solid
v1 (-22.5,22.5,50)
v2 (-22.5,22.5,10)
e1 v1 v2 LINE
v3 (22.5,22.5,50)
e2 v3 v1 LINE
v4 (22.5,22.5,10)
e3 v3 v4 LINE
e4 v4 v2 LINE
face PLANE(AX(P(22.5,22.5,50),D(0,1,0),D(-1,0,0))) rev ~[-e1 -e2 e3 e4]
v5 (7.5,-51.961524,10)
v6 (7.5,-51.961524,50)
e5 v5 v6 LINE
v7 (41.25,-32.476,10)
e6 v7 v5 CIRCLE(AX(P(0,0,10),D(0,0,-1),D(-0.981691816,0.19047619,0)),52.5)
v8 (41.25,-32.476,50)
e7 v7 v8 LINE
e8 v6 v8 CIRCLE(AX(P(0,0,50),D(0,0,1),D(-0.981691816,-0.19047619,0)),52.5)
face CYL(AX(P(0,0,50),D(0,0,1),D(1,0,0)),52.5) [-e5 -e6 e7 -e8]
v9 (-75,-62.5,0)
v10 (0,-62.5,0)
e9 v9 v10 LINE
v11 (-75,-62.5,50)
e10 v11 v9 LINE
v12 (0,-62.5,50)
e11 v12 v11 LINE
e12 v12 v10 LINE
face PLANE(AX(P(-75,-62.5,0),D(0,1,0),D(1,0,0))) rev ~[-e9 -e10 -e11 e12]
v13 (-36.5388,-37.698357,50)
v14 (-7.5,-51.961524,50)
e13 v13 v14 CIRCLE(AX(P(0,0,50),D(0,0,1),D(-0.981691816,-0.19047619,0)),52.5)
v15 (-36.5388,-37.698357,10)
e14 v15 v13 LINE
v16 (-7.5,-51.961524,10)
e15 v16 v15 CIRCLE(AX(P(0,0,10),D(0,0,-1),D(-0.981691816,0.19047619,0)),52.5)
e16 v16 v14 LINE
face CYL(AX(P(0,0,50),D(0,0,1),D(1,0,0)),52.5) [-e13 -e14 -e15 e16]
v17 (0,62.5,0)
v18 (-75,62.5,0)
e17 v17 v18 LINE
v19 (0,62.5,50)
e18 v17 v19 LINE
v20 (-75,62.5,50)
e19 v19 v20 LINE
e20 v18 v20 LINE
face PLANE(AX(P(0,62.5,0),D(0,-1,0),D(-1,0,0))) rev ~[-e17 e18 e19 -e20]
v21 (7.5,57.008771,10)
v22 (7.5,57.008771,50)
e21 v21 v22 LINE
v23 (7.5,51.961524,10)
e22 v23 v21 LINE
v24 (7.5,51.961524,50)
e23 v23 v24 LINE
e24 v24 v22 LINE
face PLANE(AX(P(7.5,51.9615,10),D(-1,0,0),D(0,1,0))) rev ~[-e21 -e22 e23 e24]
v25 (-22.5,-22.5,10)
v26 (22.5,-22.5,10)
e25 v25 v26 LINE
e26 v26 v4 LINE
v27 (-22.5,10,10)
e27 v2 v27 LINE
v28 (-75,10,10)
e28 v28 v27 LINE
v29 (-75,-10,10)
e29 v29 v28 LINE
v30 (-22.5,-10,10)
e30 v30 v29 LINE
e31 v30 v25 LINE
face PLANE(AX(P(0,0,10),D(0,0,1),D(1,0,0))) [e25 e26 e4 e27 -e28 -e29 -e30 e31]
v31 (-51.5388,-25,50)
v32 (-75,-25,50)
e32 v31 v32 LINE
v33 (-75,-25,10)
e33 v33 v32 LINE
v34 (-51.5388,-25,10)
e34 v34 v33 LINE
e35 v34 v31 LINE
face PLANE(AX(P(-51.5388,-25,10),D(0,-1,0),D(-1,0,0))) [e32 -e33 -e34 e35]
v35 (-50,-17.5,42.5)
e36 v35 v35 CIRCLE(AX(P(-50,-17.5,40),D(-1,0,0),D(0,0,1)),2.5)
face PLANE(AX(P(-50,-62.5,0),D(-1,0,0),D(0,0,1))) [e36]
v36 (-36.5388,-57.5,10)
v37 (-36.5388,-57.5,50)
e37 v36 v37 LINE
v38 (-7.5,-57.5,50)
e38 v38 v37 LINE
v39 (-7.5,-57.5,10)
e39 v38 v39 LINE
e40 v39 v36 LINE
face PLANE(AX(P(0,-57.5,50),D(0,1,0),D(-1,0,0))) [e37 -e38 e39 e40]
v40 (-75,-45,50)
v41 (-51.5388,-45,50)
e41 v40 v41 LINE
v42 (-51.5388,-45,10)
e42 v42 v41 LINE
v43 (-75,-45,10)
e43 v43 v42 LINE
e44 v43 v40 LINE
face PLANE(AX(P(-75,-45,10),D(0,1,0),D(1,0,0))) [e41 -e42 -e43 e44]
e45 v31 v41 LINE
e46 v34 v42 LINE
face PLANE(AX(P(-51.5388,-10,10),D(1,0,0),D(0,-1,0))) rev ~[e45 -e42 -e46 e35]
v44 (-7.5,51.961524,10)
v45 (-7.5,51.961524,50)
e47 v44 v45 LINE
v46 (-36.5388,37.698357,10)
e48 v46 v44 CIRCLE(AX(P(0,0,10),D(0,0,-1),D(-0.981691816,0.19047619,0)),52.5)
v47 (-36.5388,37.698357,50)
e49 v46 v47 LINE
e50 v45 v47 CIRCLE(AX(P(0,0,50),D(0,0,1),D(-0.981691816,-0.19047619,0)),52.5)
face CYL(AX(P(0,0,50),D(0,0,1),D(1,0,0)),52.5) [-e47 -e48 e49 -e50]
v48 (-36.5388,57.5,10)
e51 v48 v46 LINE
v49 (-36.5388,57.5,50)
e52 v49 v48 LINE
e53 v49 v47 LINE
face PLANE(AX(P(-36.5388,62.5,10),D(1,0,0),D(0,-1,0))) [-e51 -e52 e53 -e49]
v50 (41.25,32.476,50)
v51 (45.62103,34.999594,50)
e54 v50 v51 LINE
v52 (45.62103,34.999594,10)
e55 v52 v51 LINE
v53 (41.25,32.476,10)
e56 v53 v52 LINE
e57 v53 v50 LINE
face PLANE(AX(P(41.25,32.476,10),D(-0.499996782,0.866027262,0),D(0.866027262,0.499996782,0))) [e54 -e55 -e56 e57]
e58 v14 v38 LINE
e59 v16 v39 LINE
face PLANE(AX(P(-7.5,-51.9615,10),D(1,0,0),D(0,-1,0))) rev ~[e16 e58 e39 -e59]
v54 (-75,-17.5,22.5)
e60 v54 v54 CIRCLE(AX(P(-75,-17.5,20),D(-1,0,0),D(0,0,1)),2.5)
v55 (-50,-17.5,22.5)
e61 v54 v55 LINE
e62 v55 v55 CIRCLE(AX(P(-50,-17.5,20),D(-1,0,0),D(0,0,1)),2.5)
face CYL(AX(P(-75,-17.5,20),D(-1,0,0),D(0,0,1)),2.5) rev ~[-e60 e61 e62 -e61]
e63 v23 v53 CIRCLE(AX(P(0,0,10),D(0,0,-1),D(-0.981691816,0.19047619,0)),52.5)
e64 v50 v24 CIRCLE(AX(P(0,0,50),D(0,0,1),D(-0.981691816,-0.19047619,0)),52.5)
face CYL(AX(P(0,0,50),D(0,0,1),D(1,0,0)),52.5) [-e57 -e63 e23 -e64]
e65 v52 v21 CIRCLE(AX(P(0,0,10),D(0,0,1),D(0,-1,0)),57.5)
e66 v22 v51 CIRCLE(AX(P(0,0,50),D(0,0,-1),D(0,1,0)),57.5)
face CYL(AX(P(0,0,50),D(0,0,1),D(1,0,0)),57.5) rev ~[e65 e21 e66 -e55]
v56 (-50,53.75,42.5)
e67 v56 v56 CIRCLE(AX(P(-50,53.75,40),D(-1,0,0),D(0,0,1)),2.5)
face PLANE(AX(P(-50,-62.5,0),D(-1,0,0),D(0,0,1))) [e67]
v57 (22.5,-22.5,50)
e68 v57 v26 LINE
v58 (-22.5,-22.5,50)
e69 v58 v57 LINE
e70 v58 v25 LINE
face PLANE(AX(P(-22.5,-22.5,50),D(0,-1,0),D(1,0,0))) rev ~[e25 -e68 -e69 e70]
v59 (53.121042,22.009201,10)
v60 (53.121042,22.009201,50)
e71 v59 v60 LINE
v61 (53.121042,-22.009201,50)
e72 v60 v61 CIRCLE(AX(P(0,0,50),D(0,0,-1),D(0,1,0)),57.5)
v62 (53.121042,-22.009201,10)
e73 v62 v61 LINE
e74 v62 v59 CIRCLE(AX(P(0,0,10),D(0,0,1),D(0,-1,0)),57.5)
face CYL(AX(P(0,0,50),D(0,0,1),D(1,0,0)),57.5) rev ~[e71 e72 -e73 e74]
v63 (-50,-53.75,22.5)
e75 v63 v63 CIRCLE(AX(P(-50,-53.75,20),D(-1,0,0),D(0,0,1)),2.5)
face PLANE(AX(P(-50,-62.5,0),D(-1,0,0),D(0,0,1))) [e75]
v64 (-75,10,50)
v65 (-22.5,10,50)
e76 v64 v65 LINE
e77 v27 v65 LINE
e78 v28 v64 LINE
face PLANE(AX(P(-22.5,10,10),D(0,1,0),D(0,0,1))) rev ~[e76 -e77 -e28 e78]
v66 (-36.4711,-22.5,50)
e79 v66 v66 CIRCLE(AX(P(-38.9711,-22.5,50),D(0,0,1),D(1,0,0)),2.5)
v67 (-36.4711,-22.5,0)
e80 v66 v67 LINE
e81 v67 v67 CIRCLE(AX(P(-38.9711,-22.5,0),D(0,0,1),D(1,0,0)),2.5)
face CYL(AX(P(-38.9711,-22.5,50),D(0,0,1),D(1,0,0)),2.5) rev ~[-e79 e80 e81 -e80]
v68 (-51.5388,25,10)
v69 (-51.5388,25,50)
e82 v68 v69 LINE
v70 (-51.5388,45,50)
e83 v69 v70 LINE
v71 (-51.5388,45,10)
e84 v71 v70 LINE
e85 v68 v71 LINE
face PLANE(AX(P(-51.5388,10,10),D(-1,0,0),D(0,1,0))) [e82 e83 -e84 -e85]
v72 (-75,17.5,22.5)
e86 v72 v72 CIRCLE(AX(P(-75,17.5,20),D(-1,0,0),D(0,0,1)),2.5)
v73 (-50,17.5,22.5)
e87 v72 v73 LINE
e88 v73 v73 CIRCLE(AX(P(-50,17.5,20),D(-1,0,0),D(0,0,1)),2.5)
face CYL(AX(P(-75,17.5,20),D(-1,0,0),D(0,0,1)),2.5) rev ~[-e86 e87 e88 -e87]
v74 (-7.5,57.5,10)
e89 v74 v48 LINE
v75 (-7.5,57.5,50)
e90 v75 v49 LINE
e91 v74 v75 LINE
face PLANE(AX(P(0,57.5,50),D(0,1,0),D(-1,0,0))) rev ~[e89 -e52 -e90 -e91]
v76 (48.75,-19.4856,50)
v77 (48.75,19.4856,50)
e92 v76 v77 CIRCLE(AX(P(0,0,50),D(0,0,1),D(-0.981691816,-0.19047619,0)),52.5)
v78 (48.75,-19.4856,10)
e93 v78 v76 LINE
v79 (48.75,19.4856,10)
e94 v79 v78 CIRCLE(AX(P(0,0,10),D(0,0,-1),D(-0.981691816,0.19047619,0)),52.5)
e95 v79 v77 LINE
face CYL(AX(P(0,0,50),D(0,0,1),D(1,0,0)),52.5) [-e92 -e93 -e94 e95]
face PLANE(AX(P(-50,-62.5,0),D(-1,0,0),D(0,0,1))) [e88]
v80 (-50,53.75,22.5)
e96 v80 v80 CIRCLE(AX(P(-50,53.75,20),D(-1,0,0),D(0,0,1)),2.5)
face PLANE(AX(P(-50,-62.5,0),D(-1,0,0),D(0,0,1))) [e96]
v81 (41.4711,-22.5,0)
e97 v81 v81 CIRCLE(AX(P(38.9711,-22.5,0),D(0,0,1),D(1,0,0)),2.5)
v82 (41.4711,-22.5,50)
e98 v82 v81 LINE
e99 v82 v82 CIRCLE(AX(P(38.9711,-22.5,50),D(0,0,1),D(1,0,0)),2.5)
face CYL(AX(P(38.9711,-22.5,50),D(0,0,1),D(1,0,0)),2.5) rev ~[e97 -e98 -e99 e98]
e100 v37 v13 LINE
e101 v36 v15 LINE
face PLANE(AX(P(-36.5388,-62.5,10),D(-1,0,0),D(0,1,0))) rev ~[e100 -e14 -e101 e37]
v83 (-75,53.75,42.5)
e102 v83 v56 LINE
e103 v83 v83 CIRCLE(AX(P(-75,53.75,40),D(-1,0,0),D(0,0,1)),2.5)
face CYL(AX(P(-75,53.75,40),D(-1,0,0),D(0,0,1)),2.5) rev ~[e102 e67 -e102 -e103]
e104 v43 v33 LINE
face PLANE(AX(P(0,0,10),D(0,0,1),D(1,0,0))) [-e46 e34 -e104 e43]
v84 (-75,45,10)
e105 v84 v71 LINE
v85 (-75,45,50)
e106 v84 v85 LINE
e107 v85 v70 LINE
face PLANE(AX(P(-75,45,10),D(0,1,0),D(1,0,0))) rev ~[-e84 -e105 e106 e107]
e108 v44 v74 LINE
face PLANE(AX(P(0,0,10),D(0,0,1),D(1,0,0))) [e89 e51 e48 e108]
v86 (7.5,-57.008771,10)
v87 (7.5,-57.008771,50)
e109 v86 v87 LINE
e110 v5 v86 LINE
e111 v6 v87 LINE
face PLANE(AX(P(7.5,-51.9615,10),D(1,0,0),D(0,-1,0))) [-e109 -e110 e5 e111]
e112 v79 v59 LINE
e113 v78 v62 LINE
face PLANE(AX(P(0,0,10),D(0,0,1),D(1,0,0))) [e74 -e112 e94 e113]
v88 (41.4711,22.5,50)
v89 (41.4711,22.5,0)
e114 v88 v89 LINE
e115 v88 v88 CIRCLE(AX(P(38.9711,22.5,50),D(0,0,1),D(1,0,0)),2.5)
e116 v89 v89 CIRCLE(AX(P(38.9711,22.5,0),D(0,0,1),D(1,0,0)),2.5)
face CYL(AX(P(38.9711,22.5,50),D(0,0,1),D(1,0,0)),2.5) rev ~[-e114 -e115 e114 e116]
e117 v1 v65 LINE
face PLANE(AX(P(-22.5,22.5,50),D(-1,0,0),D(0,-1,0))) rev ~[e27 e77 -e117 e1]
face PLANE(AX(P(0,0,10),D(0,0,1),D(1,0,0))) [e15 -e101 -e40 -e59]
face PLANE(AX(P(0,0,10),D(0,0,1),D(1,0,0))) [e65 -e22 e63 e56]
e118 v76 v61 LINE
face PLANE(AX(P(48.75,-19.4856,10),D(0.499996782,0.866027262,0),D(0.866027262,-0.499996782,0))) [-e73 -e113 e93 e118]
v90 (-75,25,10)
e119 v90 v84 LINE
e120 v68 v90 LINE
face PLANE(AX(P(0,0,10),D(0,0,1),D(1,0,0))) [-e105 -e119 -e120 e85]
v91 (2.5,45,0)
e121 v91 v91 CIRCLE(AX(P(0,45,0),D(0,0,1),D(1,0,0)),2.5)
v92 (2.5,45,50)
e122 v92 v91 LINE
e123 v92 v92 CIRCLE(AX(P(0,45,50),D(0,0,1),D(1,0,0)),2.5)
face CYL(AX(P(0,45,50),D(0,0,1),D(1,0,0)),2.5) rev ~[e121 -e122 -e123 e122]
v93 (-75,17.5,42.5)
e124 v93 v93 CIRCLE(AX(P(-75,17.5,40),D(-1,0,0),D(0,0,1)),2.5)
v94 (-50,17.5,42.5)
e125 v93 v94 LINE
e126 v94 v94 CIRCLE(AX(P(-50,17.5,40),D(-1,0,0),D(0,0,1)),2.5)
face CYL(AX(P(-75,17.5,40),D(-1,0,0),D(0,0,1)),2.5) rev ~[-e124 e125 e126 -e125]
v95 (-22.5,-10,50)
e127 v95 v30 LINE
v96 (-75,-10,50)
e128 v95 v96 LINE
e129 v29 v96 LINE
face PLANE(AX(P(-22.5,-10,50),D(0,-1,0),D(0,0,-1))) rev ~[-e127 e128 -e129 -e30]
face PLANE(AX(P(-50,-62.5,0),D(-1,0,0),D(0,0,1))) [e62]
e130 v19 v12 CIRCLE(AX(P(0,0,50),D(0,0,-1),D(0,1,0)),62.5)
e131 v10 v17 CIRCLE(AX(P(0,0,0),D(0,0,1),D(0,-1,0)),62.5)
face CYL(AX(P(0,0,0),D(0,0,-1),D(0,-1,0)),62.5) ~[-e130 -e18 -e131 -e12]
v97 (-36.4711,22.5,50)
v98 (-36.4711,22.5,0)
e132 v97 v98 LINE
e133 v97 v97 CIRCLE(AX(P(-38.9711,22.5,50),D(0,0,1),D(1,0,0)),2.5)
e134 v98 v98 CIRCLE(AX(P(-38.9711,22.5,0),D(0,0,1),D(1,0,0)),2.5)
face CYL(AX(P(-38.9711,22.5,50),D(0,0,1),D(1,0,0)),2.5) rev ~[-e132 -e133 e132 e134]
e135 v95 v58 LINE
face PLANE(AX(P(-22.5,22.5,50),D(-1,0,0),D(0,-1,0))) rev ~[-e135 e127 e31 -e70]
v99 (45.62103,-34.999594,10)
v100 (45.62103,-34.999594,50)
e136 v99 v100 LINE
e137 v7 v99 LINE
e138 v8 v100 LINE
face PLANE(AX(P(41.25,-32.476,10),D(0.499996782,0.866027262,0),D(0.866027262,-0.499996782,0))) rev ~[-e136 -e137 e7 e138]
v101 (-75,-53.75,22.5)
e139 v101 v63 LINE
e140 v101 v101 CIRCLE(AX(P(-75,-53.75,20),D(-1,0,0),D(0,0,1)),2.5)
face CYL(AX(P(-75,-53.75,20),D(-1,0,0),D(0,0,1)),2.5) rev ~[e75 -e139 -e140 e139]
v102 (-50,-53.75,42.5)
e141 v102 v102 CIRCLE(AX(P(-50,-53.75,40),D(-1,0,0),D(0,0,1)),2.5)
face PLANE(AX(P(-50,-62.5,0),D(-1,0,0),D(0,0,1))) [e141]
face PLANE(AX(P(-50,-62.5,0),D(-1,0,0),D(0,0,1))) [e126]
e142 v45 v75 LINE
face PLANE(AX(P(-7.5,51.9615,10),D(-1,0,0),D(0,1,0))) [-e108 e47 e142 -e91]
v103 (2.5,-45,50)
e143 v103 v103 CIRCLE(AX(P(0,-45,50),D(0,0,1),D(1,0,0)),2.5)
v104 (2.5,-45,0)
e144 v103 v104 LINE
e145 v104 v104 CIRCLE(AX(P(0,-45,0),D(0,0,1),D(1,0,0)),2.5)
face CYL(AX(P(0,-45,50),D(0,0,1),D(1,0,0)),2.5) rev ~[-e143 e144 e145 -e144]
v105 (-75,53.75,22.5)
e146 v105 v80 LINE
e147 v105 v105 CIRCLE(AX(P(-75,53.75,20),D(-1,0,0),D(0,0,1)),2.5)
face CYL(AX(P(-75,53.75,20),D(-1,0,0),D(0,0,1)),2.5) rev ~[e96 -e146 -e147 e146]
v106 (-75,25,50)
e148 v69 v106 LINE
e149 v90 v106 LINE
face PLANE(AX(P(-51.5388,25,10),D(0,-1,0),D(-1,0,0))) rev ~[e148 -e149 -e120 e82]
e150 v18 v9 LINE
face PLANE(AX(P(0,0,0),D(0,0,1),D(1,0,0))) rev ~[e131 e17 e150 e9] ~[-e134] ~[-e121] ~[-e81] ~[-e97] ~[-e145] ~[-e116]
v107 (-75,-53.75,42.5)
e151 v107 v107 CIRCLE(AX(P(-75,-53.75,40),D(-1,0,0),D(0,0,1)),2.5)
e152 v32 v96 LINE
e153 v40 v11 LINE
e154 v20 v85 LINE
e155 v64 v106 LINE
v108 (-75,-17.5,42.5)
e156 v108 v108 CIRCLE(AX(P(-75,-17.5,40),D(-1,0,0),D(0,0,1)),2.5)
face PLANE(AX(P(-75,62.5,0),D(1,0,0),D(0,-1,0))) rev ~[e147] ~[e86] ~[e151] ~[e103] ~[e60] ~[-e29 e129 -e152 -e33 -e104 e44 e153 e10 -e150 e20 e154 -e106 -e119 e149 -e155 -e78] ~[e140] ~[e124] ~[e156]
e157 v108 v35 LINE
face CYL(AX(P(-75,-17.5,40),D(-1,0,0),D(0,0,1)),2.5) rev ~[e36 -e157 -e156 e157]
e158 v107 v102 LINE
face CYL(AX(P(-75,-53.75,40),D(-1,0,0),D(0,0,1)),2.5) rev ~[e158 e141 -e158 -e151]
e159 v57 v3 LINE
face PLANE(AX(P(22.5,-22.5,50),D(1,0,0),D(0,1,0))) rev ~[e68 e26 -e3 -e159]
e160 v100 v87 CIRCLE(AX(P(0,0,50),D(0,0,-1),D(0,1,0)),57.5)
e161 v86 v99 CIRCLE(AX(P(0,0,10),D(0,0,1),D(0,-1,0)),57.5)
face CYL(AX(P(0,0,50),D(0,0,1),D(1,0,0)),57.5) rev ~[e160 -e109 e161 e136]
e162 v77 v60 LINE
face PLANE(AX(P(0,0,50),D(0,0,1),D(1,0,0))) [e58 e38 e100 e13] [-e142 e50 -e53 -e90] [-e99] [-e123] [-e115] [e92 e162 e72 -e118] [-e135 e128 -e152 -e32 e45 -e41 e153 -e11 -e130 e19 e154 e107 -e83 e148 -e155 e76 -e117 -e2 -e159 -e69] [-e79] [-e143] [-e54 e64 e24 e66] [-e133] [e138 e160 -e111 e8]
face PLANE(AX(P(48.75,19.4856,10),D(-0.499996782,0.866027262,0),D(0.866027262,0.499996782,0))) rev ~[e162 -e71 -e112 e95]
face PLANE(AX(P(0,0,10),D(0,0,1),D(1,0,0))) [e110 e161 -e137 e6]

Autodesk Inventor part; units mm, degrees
ref_plane "YZ Plane" through (0, 0, 0) normal (1, 0, 0) x (0, 1, 0)
ref_plane "XZ Plane" through (0, 0, 0) normal (0, 1, 0) x (-1, 0, 0)
ref_plane "XY Plane" through (0, 0, 0) normal (0, 0, 1) x (1, 0, 0)
sketch "Sketch1" plane through (0, 0, 0) normal (0, 0, 1) x (1, 0, 0)
  circle A0 centre (0, 0) radius 62.5 construction
  line L0 (0, 62.5) -> (-75, 62.5)
  line L1 (-75, 62.5) -> (-75, -62.5)
  line L2 (-75, -62.5) -> (0, -62.5)
  arc A1 (0, -62.5) -> (0, 62.5) centre (0, 0) ccw
  dimension "d0" = 125
  dimension "d1" = 75
  dimension "d2" = 75
extrude "Extrusion1" add sketch "Sketch1" along normal blind 50
sketch "Sketch6" plane through (0, 0, 50) normal (0, 0, 1) x (1, 0, 0)
  line L0 (-22.5, -22.5) -> (22.5, -22.5)
  line L1 (22.5, -22.5) -> (22.5, 22.5)
  line L2 (22.5, 22.5) -> (-22.5, 22.5)
  line L3 (-22.5, 22.5) -> (-22.5, -22.5)
  line L4 (-22.5, -22.5) -> (22.5, 22.5) construction
  line L5 (22.5, -22.5) -> (-22.5, 22.5) construction
  point P0 (0, 0)
  dimension "d23" = 45
  dimension "d24" = 45
extrude "Extrusion6" cut sketch "Sketch6" against normal blind 40
sketch "Sketch7" plane through (-22.5, -22.5, 50) normal (1, 0, 0) x (0, 0, -1)
  line L0 (40, 32.5) -> (0, 32.5)
  line L1 (0, 32.5) -> (0, 12.5)
  line L2 (0, 12.5) -> (40, 12.5)
  line L3 (40, 12.5) -> (40, 32.5)
  point P0 (50, 22.5)
  point P1 (40, 22.5)
  dimension "d27" = 40
  dimension "d28" = 20
  dimension "d29" = 10
extrude "Extrusion7" cut sketch "Sketch7" against normal through all
sketch "Sketch9" plane through (0, 0, 50) normal (0, 0, 1) x (1, 0, 0)
  circle A0 centre (0, 45) radius 2.5
  circle A1 centre (-38.9711, 22.5) radius 2.5
  circle A2 centre (-38.9711, -22.5) radius 2.5
  circle A3 centre (0, -45) radius 2.5
  circle A4 centre (38.9711, -22.5) radius 2.5
  circle A5 centre (38.9711, 22.5) radius 2.5
  point P0 (0, 0)
  dimension "d35" = 5
  dimension "d36" = 45
  dimension "d39" = 360
extrude "Extrusion9" cut sketch "Sketch9" against normal through all
sketch "Sketch10" plane through (0, 0, 50) normal (0, 0, 1) x (1, 0, 0)
  circle A0 centre (0, 0) radius 52.5
  arc A1 (0, -57.5) -> (0, -57.5) centre (0, 0) ccw
  line L0 (0, -57.5) -> (-75, -57.5)
  line L1 (-75, 57.5) -> (-75, -57.5)
  line L2 (0, -57.5) -> (-75, -57.5)
  line L3 (0, 57.5) -> (-75, 57.5)
  circle A2 centre (0, 0) radius 57.5 construction
  arc A3 (0, -57.5) -> (0, 57.5) centre (0, 0) ccw
  line L4 (-75, -10) -> (-75, 10)
  point P0 (-75, 0)
  dimension "d111" = 115
  dimension "d43" = 105
  dimension "d114" = 90
extrude "Extrusion10" cut sketch "Sketch10" against normal blind 40
sketch "Sketch12" plane through (0, 0, 10) normal (0, 0, 1) x (1, 0, 0)
  line L0 (0, 0) -> (77.9423, -45) construction
  line L1 (0, 0) -> (90, 0) construction
  line L2 (48.75, -19.4856) -> (57.4855, -24.529)
  line L3 (41.25, -32.476) -> (49.9855, -37.5194)
  arc A0 (41.25, -32.476) -> (48.75, -19.4856) centre (0, 0) ccw
  arc A1 (49.9877, -37.5164) -> (57.484, -24.5324) centre (-4.3593, 2.5168) ccw
  line L4 (41.25, 32.476) -> (49.9855, 37.5194)
  arc A2 (48.75, 19.4856) -> (41.25, 32.476) centre (0, 0) ccw
  line L5 (48.75, 19.4856) -> (57.4855, 24.529)
  arc A3 (57.4855, 24.529) -> (49.9855, 37.5194) centre (-4.3593, -2.5168) ccw
  line L6 (0, 0) -> (0, -109.4234) construction
  line L7 (7.5, -51.9615) -> (7.5, -62.0484)
  line L8 (-7.5, -51.9615) -> (-7.5, -62.5)
  line L9 (0, -62.5) -> (-7.5, -62.5)
  arc A4 (-7.5, -51.9615) -> (7.5, -51.9615) centre (0, 0) ccw
  line L10 (-7.5, 51.9615) -> (-7.5, 62.5)
  line L11 (0, 62.5) -> (-7.5, 62.5)
  arc A5 (7.5, 51.9615) -> (-7.5, 51.9615) centre (0, 0) ccw
  arc A6 (-51.5388, -10) -> (-51.5388, 10) centre (0, 0) ccw projected
  arc A7 (0, -62.5) -> (0, 62.5) centre (0, 0) ccw projected
  line L12 (-75, -62.5) -> (0, -62.5) construction
  arc A8 (0, -62.5) -> (7.5, -62.0484) centre (0, 0) ccw
  line L13 (7.5, 51.9615) -> (7.5, 62.0484)
  arc A9 (7.5, 62.0484) -> (0, 62.5) centre (0, 0) ccw
  point P0 (54.0974, -31.2332)
  dimension "d50" = 30
  dimension "d52" = 15
  dimension "d53" = 52.5
  dimension "d54" = 67.5
  dimension "d57" = 60
  dimension "d61" = 15
extrude "Extrusion11" add sketch "Sketch12" along normal blind 40 contours L2 A7 A1 L3 A0 | A2 L4 A3 L5 | A7 A1 | A3 A7 | L7 A7 L9 L8 A4 | A5 L10 L11 A7 L13
sketch "Sketch16" plane through (0, 0, 10) normal (0, 0, 1) x (1, 0, 0)
  line L0 (-22.5, 10) -> (-51.5388, 10) projected
  line L1 (-51.5388, 10) -> (-51.5388, 62.5)
  line L2 (-36.5388, 62.5) -> (-36.5388, 37.6983)
  arc A0 (-36.5388, 37.6983) -> (-51.5388, 10) centre (0, 0) ccw
  arc A1 (-7.5, 51.9615) -> (-51.5388, 10) centre (0, 0) ccw projected
  line L3 (-36.5388, 62.5) -> (-51.5388, 62.5)
  line L4 (0, 0) -> (-111.9606, 0) construction
  line L5 (-51.5388, -10) -> (-51.5388, -62.5)
  line L6 (-36.5388, -62.5) -> (-36.5388, -37.6983)
  arc A2 (-51.5388, -10) -> (-36.5388, -37.6983) centre (0, 0) ccw
  line L7 (-36.5388, -62.5) -> (-51.5388, -62.5)
  point P0 (-44.0388, -62.5)
  dimension "d69" = 15
extrude "Extrusion14" add sketch "Sketch16" along normal blind 40
sketch "Sketch17" plane through (0, 0, 10) normal (0, 0, 1) x (1, 0, 0)
  line L0 (-51.5388, 57.5) -> (-51.5388, 10) projected
  line L1 (-51.5388, 10) -> (-75, 10)
  line L2 (-75, -57.5) -> (-75, 57.5) projected
  line L3 (-51.5388, 25) -> (-75, 25)
  line L4 (-51.5388, -10) -> (-51.5388, -57.5) projected
  line L5 (-51.5388, -10) -> (-75, -10)
  line L6 (-51.5388, -25) -> (-75, -25)
  line L7 (-51.5388, 25) -> (-51.5388, 10)
  line L8 (-75, 25) -> (-75, 10)
  line L9 (-75, -10) -> (-75, -25)
  line L10 (-51.5388, -10) -> (-51.5388, -25)
  point P0 (0, 0)
  point P1 (-51.5388, 67.5)
  point P2 (-75, -67.5)
  point P3 (-75, 67.5)
  point P4 (-51.5388, -67.5)
  point P5 (-75, -62.5)
  point P6 (-75, 62.5)
  point P7 (-51.5388, 62.5)
  point P8 (-51.5388, -62.5)
  dimension "d72" = 15
  dimension "d73" = 15
extrude "Extrusion15" add sketch "Sketch17" along normal blind 40
sketch "Sketch19" plane through (0, 0, 10) normal (0, 0, 1) x (1, 0, 0)
  line L0 (-75, 62.5) -> (-51.5388, 62.5)
  line L1 (-75, 25) -> (-75, -25) projected
  line L2 (-51.5388, 62.5) -> (-75, 62.5)
  line L3 (-75, 62.5) -> (-75, 45)
  line L4 (-75, 45) -> (-51.5388, 45)
  line L5 (-51.5388, 45) -> (-51.5388, 62.5)
  line L6 (-51.5388, -62.5) -> (-75, -62.5)
  line L7 (-75, 62.5) -> (-75, -62.5) projected
  line L8 (-51.5388, -62.5) -> (-75, -62.5)
  line L9 (-75, -62.5) -> (-75, -45)
  line L10 (-75, -45) -> (-51.5388, -45)
  line L11 (-51.5388, -45) -> (-51.5388, -62.5)
  point P0 (0, 0)
  dimension "d84" = 17.5
  dimension "d85" = 17.5
extrude "Extrusion16" add sketch "Sketch19" along normal blind 40
sketch "Sketch18" plane through (-75, -62.5, 0) normal (-1, 0, 0) x (0, 0, 1)
  circle A0 centre (40, 45) radius 2.5
  circle A1 centre (20, 45) radius 2.5
  line L0 (50, 52.5) -> (50, 37.5) projected
  line L1 (0, 125) -> (0, 0) projected
  circle A2 centre (40, 80) radius 2.5
  circle A3 centre (20, 80) radius 2.5
  circle A4 centre (20, 116.25) radius 2.5
  circle A5 centre (20, 8.75) radius 2.5
  circle A6 centre (40, 8.75) radius 2.5
  circle A7 centre (40, 116.25) radius 2.5
  line L2 (0, 125) -> (50, 125) projected
  line L3 (10, 87.5) -> (50, 87.5) projected
  line L4 (10, 52.5) -> (50, 52.5) projected
  line L5 (0, 0) -> (50, 0) projected
  point P0 (0, 62.5)
  dimension "d76" = 5
  dimension "d77" = 5
  dimension "d78" = 10
  dimension "d80" = 20
  dimension "d91" = 5
  dimension "d92" = 5
  dimension "d94" = 5
  dimension "d95" = 5
  dimension "d96" = 5
  dimension "d97" = 5
  dimension "d115" = 8.75
  dimension "d116" = 7.5
  dimension "d117" = 7.5
  dimension "d118" = 8.75
extrude "Extrusion18" cut sketch "Sketch18" against normal blind 25
properties part number "SJ001" material "ABS Plastic"
